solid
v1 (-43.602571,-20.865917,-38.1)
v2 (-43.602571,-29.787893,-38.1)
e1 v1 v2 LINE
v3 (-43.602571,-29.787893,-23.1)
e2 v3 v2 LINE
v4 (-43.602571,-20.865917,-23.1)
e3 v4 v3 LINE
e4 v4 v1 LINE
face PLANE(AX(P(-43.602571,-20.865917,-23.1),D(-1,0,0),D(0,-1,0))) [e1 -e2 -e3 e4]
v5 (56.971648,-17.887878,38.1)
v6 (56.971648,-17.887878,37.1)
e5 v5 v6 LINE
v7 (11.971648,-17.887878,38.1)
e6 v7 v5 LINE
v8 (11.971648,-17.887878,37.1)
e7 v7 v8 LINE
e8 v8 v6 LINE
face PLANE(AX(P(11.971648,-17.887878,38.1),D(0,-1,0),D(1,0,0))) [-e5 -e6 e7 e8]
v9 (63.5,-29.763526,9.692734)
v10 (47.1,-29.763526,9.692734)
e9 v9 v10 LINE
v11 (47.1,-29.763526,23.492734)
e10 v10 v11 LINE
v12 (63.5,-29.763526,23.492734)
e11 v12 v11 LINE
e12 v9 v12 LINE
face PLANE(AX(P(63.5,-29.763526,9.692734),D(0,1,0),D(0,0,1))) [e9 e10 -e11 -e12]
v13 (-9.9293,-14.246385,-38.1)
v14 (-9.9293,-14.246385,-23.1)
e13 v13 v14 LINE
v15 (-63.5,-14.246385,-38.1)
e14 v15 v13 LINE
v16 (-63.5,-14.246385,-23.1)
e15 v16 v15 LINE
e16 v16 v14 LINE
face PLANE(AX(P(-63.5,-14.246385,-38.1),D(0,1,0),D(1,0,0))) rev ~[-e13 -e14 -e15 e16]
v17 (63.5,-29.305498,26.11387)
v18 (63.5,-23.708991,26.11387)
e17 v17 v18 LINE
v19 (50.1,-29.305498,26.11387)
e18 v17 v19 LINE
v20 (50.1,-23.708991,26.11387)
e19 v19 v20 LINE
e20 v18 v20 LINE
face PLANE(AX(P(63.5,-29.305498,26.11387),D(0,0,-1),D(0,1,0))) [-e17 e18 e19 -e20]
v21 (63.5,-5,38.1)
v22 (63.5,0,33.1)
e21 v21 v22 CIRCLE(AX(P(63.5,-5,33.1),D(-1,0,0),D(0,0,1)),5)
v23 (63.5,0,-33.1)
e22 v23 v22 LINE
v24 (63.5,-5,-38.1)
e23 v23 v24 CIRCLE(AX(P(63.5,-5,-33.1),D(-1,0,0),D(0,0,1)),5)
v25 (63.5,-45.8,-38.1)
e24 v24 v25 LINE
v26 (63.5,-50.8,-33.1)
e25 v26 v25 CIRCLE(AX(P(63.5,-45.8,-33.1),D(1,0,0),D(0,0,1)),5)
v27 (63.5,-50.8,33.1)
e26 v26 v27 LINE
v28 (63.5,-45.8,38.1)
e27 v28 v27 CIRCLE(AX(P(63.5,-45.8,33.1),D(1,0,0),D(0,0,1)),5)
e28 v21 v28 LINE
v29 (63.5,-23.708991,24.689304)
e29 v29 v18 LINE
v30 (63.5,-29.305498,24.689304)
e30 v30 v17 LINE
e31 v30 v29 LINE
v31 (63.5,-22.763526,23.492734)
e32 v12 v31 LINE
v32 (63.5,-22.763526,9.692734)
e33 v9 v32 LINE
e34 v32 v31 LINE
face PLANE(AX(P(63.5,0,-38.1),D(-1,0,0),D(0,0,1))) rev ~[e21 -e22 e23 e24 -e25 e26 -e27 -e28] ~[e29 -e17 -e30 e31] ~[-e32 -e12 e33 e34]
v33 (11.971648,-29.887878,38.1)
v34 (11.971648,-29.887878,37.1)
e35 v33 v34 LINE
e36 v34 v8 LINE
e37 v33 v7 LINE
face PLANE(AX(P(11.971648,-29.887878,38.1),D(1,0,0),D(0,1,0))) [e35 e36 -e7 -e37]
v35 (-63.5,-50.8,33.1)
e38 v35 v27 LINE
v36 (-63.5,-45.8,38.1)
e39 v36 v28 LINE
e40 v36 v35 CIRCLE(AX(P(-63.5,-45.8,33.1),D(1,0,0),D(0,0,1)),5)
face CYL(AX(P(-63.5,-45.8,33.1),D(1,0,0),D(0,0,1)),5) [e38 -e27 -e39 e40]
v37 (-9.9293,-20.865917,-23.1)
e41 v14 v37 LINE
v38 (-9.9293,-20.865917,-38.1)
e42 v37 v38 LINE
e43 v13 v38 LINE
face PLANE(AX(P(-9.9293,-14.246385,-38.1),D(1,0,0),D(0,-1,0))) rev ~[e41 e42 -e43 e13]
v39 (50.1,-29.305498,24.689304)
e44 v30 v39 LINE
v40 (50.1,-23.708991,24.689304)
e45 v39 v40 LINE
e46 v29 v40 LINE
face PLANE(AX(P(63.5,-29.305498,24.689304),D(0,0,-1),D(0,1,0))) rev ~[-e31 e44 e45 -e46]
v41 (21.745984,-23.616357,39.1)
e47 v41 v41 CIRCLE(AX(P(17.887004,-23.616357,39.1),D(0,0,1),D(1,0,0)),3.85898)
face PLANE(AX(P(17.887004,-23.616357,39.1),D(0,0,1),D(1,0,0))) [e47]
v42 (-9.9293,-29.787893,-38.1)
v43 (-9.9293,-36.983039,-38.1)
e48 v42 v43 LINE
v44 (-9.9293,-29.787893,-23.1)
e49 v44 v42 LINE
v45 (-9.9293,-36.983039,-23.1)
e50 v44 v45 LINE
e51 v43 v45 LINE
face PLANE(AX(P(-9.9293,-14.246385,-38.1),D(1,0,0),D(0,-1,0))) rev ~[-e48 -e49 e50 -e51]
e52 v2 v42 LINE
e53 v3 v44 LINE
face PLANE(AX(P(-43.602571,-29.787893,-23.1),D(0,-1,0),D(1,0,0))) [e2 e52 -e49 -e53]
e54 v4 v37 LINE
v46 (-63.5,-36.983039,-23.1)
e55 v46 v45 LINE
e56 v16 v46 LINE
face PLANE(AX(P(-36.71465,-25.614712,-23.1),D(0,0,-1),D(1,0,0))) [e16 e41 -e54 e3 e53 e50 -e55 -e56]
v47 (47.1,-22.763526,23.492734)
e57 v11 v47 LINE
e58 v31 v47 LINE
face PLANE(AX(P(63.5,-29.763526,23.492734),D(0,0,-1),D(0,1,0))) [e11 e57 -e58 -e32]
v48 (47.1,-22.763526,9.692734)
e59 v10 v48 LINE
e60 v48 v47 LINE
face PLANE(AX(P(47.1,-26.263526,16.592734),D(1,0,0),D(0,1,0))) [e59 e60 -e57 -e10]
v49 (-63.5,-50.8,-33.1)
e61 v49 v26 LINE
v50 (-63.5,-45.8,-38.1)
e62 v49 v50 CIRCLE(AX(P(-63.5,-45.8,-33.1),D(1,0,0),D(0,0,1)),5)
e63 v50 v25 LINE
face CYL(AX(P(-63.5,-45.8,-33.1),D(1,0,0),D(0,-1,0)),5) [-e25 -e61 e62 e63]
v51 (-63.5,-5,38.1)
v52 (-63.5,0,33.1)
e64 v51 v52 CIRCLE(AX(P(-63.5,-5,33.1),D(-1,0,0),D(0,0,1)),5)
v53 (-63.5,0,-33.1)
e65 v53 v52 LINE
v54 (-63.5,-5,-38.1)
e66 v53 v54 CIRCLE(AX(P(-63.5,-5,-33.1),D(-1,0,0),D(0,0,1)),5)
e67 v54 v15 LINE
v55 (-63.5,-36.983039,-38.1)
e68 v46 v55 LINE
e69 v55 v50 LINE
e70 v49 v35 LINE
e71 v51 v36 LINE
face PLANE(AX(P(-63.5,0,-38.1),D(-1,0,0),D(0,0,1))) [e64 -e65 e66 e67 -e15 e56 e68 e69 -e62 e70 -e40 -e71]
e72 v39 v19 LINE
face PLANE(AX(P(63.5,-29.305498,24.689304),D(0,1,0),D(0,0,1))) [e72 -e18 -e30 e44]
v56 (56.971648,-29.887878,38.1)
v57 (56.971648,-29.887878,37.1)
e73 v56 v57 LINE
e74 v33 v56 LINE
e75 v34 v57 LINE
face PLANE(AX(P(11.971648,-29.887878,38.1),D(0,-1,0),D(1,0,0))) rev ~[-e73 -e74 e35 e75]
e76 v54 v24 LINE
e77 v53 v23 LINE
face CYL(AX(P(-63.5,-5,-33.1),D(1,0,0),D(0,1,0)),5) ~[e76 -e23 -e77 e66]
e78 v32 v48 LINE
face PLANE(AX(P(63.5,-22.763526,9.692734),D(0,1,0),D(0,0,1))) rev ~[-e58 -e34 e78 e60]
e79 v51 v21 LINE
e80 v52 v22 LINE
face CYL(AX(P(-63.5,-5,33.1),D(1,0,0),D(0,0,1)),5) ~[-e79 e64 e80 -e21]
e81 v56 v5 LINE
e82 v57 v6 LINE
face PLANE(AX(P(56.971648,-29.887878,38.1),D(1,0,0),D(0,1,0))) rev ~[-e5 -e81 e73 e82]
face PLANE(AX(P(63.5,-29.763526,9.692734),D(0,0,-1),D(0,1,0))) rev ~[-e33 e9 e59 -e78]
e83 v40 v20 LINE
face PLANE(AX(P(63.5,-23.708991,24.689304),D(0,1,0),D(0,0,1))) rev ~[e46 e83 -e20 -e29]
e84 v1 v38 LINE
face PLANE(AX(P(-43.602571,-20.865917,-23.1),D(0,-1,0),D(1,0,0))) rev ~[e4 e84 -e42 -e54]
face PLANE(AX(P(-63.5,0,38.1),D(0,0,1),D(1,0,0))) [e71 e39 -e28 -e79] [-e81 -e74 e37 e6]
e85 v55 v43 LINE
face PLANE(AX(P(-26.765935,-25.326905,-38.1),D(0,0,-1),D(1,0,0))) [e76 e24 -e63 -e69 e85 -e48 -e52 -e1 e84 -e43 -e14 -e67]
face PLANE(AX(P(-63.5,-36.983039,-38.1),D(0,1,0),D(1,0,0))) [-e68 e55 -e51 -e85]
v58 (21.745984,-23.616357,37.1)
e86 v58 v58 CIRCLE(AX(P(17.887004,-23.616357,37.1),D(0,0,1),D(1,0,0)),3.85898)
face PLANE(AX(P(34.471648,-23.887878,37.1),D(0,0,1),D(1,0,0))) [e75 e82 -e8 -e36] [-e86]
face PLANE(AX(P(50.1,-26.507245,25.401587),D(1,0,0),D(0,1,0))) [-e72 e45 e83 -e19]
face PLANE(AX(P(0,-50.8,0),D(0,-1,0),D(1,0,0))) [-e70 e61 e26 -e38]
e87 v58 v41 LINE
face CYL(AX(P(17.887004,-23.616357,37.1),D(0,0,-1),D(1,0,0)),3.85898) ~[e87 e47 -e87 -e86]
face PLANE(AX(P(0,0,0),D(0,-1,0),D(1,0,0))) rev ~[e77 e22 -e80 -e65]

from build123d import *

# Parameters (mm, degrees)
F0_W      = 127
F0_H      = 76.2
F1_DEPTH  = 50.8
F2_R      = 5
F3_R      = 5
F4_R      = 5
F5_W      = 7
F5_H      = 13.8
F6_DEPTH  = 16.4
F7_W      = 5.596507
F7_H      = 1.424566
F8_DEPTH  = 13.4
F9_W      = 45
F9_H      = 12
F10_DEPTH = 1
F11_R     = 3.85898
F12_DEPTH = 2
F13_W     = 53.570701
F13_H     = 22.736654
F14_DEPTH = 15
F15_W     = 33.673272
F15_H     = 8.921977
F16_DEPTH = 15


with BuildPart() as f1:
    # F0 (on Front) → F1 (new body)
    with BuildSketch(Plane.XZ):
        Rectangle(F0_W, F0_H)
    extrude(amount=F1_DEPTH)

    # F2
    f2_edges = [f1.edges().sort_by_distance(p)[0] for p in [
        (0, -50.8, 38.1),
    ]]
    fillet(f2_edges, radius=F2_R)

    # F3
    f3_edges = [f1.edges().sort_by_distance(p)[0] for p in [
        (0, 0, 38.1),
    ]]
    fillet(f3_edges, radius=F3_R)

    # F4
    f4_edges = [f1.edges().sort_by_distance(p)[0] for p in [
        (0, -50.8, -38.1),
        (0, 0, -38.1),
    ]]
    fillet(f4_edges, radius=F4_R)

    # F5 (on face) → F6 (cut)
    with BuildSketch(Plane.YZ.offset(63.5)):
        with Locations((-26.263526, 16.592734)):
            Rectangle(F5_W, F5_H)
    extrude(amount=-F6_DEPTH, mode=Mode.SUBTRACT)

    # F7 (on face) → F8 (cut)
    with BuildSketch(Plane.YZ.offset(63.5)):
        with Locations((-26.507245, 25.401587)):
            Rectangle(F7_W, F7_H)
    extrude(amount=-F8_DEPTH, mode=Mode.SUBTRACT)

    # F9 (on face) → F10 (cut)
    with BuildSketch(Plane.XY.offset(38.1)):
        with Locations((34.471648, -23.887878)):
            Rectangle(F9_W, F9_H)
    extrude(amount=-F10_DEPTH, mode=Mode.SUBTRACT)

    # F11 (on face) → F12 (join)
    with BuildSketch(Plane.XY.offset(37.1)):
        with Locations((17.887004, -23.616357)):
            Circle(F11_R)
    extrude(amount=F12_DEPTH)

    # F13 (on face) → F14 (cut)
    with BuildSketch(Plane(origin=(0, 0, -38.1), x_dir=(1, 0, 0), z_dir=(0, 0, -1))):
        with Locations((-36.71465, 25.614712)):
            Rectangle(F13_W, F13_H)
    extrude(amount=-F14_DEPTH, mode=Mode.SUBTRACT)

    # F15 (on face) → F16 (join)
    with BuildSketch(Plane(origin=(0, 0, -23.1), x_dir=(1, 0, 0), z_dir=(0, 0, -1))):
        with Locations((-26.765935, 25.326905)):
            Rectangle(F15_W, F15_H)
    extrude(amount=F16_DEPTH)


solid = f1.part
